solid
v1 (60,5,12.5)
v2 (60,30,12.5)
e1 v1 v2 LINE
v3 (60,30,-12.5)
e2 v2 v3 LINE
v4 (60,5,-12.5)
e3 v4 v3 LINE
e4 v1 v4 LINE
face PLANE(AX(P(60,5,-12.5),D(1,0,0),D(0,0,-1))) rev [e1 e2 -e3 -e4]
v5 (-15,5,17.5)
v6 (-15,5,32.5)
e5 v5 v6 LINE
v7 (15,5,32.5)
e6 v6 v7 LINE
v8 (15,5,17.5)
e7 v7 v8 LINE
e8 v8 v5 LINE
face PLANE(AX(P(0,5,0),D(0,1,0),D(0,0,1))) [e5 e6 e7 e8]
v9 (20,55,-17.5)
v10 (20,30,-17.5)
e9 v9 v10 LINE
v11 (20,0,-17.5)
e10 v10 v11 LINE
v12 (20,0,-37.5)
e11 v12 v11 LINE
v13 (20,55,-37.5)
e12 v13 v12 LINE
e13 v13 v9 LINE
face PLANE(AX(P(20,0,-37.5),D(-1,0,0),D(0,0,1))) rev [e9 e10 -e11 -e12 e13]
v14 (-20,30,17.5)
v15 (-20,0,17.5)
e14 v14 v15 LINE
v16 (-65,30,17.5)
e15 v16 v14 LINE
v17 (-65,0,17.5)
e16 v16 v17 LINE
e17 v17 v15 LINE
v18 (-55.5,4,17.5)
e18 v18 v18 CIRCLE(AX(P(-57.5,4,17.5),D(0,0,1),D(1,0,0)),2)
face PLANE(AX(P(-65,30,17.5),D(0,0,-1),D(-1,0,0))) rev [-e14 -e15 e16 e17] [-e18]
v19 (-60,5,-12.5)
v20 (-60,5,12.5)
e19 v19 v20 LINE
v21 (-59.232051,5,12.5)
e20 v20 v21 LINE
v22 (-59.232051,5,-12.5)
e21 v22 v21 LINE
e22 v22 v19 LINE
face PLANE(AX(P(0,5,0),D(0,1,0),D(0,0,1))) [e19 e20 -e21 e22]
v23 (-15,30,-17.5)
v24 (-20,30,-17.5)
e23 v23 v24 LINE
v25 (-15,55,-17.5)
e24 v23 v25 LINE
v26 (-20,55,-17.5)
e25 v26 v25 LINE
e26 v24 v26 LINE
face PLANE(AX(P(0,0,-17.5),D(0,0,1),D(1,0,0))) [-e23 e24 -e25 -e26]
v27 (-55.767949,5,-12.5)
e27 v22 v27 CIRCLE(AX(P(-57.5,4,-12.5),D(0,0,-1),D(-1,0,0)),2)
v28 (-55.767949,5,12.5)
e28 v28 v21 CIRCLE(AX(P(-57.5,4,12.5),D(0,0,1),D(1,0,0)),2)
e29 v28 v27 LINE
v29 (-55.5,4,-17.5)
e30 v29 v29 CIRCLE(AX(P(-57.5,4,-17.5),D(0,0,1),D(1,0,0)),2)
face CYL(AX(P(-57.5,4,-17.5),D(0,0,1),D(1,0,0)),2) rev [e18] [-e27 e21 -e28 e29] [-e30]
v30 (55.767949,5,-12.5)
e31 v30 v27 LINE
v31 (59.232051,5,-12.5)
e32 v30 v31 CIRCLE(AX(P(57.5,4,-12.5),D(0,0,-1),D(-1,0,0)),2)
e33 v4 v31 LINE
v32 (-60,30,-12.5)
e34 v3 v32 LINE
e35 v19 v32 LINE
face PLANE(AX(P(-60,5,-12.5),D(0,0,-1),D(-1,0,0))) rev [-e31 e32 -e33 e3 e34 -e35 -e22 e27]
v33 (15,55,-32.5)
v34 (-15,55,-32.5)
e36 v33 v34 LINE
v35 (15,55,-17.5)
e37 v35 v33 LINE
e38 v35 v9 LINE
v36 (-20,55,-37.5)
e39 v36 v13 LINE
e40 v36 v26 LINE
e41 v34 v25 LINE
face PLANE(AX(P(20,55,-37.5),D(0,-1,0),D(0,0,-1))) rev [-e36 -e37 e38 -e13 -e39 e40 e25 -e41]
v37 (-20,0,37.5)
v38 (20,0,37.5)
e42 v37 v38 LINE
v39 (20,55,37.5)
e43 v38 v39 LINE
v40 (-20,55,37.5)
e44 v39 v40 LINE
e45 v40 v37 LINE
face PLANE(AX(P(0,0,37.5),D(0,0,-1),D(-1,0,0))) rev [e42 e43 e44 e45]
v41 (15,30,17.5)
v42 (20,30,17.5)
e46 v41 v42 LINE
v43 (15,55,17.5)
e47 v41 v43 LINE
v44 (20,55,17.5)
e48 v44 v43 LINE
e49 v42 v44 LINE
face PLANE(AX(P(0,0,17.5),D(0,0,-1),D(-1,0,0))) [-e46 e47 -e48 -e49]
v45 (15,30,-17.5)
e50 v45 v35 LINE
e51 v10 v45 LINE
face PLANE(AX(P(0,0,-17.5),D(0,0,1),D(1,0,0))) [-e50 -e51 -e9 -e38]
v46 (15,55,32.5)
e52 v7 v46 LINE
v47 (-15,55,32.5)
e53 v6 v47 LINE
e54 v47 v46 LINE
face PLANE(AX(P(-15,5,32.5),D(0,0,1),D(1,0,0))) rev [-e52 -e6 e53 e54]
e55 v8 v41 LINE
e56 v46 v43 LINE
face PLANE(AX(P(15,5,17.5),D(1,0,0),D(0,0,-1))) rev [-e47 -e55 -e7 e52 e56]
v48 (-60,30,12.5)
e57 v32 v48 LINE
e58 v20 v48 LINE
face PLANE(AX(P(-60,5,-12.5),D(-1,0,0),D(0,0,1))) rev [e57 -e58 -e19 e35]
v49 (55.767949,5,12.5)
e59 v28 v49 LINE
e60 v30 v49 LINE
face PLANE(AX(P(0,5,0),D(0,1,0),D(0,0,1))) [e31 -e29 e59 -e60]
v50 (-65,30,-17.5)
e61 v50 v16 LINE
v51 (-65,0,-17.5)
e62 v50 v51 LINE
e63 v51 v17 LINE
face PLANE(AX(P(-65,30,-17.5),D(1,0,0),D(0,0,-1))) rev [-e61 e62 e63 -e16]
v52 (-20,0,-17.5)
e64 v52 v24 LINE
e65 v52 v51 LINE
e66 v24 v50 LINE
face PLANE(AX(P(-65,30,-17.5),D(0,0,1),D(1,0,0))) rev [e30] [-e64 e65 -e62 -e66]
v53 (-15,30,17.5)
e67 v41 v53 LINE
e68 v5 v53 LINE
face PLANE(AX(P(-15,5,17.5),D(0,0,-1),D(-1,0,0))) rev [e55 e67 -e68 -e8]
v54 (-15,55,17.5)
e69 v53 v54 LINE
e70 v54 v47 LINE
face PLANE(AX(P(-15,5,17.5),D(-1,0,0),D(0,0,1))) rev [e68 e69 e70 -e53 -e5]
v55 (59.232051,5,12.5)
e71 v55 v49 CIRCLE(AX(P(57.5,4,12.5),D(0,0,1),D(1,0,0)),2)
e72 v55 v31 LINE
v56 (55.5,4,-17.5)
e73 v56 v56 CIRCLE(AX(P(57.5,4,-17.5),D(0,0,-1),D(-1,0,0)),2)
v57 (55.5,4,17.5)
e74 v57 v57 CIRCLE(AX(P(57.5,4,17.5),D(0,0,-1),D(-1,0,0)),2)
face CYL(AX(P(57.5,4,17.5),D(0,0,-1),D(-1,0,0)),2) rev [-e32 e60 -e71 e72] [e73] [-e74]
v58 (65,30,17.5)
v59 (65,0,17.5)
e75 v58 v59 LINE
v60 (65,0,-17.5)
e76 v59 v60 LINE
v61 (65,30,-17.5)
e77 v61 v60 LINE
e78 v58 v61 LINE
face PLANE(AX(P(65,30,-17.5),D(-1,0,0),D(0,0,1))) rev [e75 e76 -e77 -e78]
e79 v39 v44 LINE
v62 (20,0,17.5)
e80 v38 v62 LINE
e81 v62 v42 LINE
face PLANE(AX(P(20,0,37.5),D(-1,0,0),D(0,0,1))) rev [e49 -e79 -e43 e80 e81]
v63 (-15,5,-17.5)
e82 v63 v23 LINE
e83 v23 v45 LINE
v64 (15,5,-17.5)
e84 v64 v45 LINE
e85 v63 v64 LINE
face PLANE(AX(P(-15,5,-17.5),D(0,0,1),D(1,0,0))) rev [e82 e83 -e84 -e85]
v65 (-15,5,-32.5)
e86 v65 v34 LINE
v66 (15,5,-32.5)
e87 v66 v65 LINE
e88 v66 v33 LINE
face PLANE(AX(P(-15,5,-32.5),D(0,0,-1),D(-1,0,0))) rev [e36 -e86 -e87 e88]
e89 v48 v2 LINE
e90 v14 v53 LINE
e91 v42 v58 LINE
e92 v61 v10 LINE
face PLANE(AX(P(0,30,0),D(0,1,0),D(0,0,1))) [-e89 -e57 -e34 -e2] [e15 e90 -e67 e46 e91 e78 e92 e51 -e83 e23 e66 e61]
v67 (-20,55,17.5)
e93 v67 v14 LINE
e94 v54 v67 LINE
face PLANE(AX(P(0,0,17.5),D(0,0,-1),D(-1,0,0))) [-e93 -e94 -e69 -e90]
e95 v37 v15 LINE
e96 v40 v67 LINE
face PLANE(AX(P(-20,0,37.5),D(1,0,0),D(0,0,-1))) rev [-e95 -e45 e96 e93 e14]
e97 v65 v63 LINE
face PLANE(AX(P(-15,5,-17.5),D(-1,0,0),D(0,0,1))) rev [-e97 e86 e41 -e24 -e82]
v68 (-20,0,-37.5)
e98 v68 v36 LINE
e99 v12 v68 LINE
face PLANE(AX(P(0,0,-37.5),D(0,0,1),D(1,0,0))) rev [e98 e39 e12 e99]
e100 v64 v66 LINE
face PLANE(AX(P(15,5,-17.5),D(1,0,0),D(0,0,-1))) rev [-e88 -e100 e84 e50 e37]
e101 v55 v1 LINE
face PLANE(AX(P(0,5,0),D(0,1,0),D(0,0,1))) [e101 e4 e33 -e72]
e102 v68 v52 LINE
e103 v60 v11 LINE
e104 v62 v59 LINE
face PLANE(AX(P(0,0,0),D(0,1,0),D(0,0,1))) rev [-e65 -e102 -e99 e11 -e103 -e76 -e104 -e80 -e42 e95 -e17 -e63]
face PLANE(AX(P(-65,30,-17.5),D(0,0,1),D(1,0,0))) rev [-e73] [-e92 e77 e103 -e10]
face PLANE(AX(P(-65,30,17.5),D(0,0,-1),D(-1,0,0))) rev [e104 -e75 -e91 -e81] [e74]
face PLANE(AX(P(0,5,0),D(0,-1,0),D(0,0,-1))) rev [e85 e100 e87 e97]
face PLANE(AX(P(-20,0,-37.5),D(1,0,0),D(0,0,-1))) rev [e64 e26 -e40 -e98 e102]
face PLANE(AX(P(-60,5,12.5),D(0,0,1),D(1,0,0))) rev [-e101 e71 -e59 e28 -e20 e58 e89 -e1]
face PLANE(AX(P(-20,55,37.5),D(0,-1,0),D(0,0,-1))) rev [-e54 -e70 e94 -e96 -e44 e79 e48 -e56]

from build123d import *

# Parameters (mm, degrees)
SKETCH1_W           = 130
SKETCH1_H           = 35
BOSS_EXTRUDE1_DEPTH = 30
SKETCH2_W           = 120
SKETCH2_H           = 25
CUT_EXTRUDE1_DEPTH  = 25
SKETCH3_R           = 2
CUT_EXTRUDE2_DEPTH  = 80.686887253
SKETCH4_R           = 2
CUT_EXTRUDE3_DEPTH  = 80.686887253
SKETCH6_W           = 40
SKETCH6_H           = 55
BOSS_EXTRUDE2_DEPTH = 20
SKETCH7_W           = 30
SKETCH7_H           = 15
CUT_EXTRUDE4_DEPTH  = 50
SKETCH8_W           = 40
SKETCH8_H           = 55
BOSS_EXTRUDE3_DEPTH = 20
SKETCH9_W           = 30
SKETCH9_H           = 15
CUT_EXTRUDE5_DEPTH  = 50


with BuildPart() as part:
    # Sketch1 → Boss-Extrude1 (new body)
    with BuildSketch(Plane(origin=(0, 0, 0), x_dir=(1, 0, 0), z_dir=(0, 1, 0))):
        Rectangle(SKETCH1_W, SKETCH1_H)
    extrude(amount=BOSS_EXTRUDE1_DEPTH)

    # Sketch2 → Cut-Extrude1 (cut)
    with BuildSketch(Plane(origin=(0, 30, 0), x_dir=(1, 0, 0), z_dir=(0, 1, 0))):
        Rectangle(SKETCH2_W, SKETCH2_H)
    extrude(amount=-CUT_EXTRUDE1_DEPTH, mode=Mode.SUBTRACT)

    # Sketch3 → Cut-Extrude2 (cut, through all)
    with BuildSketch(Plane.XY.offset(17.5)):
        with Locations((-57.5, 4)):
            Circle(SKETCH3_R)
    extrude(amount=-CUT_EXTRUDE2_DEPTH, mode=Mode.SUBTRACT)

    # Sketch4 → Cut-Extrude3 (cut, through all)
    with BuildSketch(Plane(origin=(0, 0, -17.5), x_dir=(-1, 0, 0), z_dir=(0, 0, -1))):
        with Locations((-57.5, 4)):
            Circle(SKETCH4_R)
    extrude(amount=-CUT_EXTRUDE3_DEPTH, mode=Mode.SUBTRACT)

    # Sketch6 → Boss-Extrude2 (add)
    with BuildSketch(Plane(origin=(0, 0, -17.5), x_dir=(-1, 0, 0), z_dir=(0, 0, -1))):
        with Locations((0, 27.5)):
            Rectangle(SKETCH6_W, SKETCH6_H)
    extrude(amount=BOSS_EXTRUDE2_DEPTH)

    # Sketch7 → Cut-Extrude4 (cut)
    with BuildSketch(Plane(origin=(0, 55, 0), x_dir=(1, 0, 0), z_dir=(0, 1, 0))):
        with Locations((0, 25)):
            Rectangle(SKETCH7_W, SKETCH7_H)
    extrude(amount=-CUT_EXTRUDE4_DEPTH, mode=Mode.SUBTRACT)

    # Sketch8 → Boss-Extrude3 (add)
    with BuildSketch(Plane.XY.offset(17.5)):
        with Locations((0, 27.5)):
            Rectangle(SKETCH8_W, SKETCH8_H)
    extrude(amount=BOSS_EXTRUDE3_DEPTH)

    # Sketch9 → Cut-Extrude5 (cut)
    with BuildSketch(Plane(origin=(0, 55, 0), x_dir=(1, 0, 0), z_dir=(0, 1, 0))):
        with Locations((0, -25)):
            Rectangle(SKETCH9_W, SKETCH9_H)
    extrude(amount=-CUT_EXTRUDE5_DEPTH, mode=Mode.SUBTRACT)


solid = part.part
